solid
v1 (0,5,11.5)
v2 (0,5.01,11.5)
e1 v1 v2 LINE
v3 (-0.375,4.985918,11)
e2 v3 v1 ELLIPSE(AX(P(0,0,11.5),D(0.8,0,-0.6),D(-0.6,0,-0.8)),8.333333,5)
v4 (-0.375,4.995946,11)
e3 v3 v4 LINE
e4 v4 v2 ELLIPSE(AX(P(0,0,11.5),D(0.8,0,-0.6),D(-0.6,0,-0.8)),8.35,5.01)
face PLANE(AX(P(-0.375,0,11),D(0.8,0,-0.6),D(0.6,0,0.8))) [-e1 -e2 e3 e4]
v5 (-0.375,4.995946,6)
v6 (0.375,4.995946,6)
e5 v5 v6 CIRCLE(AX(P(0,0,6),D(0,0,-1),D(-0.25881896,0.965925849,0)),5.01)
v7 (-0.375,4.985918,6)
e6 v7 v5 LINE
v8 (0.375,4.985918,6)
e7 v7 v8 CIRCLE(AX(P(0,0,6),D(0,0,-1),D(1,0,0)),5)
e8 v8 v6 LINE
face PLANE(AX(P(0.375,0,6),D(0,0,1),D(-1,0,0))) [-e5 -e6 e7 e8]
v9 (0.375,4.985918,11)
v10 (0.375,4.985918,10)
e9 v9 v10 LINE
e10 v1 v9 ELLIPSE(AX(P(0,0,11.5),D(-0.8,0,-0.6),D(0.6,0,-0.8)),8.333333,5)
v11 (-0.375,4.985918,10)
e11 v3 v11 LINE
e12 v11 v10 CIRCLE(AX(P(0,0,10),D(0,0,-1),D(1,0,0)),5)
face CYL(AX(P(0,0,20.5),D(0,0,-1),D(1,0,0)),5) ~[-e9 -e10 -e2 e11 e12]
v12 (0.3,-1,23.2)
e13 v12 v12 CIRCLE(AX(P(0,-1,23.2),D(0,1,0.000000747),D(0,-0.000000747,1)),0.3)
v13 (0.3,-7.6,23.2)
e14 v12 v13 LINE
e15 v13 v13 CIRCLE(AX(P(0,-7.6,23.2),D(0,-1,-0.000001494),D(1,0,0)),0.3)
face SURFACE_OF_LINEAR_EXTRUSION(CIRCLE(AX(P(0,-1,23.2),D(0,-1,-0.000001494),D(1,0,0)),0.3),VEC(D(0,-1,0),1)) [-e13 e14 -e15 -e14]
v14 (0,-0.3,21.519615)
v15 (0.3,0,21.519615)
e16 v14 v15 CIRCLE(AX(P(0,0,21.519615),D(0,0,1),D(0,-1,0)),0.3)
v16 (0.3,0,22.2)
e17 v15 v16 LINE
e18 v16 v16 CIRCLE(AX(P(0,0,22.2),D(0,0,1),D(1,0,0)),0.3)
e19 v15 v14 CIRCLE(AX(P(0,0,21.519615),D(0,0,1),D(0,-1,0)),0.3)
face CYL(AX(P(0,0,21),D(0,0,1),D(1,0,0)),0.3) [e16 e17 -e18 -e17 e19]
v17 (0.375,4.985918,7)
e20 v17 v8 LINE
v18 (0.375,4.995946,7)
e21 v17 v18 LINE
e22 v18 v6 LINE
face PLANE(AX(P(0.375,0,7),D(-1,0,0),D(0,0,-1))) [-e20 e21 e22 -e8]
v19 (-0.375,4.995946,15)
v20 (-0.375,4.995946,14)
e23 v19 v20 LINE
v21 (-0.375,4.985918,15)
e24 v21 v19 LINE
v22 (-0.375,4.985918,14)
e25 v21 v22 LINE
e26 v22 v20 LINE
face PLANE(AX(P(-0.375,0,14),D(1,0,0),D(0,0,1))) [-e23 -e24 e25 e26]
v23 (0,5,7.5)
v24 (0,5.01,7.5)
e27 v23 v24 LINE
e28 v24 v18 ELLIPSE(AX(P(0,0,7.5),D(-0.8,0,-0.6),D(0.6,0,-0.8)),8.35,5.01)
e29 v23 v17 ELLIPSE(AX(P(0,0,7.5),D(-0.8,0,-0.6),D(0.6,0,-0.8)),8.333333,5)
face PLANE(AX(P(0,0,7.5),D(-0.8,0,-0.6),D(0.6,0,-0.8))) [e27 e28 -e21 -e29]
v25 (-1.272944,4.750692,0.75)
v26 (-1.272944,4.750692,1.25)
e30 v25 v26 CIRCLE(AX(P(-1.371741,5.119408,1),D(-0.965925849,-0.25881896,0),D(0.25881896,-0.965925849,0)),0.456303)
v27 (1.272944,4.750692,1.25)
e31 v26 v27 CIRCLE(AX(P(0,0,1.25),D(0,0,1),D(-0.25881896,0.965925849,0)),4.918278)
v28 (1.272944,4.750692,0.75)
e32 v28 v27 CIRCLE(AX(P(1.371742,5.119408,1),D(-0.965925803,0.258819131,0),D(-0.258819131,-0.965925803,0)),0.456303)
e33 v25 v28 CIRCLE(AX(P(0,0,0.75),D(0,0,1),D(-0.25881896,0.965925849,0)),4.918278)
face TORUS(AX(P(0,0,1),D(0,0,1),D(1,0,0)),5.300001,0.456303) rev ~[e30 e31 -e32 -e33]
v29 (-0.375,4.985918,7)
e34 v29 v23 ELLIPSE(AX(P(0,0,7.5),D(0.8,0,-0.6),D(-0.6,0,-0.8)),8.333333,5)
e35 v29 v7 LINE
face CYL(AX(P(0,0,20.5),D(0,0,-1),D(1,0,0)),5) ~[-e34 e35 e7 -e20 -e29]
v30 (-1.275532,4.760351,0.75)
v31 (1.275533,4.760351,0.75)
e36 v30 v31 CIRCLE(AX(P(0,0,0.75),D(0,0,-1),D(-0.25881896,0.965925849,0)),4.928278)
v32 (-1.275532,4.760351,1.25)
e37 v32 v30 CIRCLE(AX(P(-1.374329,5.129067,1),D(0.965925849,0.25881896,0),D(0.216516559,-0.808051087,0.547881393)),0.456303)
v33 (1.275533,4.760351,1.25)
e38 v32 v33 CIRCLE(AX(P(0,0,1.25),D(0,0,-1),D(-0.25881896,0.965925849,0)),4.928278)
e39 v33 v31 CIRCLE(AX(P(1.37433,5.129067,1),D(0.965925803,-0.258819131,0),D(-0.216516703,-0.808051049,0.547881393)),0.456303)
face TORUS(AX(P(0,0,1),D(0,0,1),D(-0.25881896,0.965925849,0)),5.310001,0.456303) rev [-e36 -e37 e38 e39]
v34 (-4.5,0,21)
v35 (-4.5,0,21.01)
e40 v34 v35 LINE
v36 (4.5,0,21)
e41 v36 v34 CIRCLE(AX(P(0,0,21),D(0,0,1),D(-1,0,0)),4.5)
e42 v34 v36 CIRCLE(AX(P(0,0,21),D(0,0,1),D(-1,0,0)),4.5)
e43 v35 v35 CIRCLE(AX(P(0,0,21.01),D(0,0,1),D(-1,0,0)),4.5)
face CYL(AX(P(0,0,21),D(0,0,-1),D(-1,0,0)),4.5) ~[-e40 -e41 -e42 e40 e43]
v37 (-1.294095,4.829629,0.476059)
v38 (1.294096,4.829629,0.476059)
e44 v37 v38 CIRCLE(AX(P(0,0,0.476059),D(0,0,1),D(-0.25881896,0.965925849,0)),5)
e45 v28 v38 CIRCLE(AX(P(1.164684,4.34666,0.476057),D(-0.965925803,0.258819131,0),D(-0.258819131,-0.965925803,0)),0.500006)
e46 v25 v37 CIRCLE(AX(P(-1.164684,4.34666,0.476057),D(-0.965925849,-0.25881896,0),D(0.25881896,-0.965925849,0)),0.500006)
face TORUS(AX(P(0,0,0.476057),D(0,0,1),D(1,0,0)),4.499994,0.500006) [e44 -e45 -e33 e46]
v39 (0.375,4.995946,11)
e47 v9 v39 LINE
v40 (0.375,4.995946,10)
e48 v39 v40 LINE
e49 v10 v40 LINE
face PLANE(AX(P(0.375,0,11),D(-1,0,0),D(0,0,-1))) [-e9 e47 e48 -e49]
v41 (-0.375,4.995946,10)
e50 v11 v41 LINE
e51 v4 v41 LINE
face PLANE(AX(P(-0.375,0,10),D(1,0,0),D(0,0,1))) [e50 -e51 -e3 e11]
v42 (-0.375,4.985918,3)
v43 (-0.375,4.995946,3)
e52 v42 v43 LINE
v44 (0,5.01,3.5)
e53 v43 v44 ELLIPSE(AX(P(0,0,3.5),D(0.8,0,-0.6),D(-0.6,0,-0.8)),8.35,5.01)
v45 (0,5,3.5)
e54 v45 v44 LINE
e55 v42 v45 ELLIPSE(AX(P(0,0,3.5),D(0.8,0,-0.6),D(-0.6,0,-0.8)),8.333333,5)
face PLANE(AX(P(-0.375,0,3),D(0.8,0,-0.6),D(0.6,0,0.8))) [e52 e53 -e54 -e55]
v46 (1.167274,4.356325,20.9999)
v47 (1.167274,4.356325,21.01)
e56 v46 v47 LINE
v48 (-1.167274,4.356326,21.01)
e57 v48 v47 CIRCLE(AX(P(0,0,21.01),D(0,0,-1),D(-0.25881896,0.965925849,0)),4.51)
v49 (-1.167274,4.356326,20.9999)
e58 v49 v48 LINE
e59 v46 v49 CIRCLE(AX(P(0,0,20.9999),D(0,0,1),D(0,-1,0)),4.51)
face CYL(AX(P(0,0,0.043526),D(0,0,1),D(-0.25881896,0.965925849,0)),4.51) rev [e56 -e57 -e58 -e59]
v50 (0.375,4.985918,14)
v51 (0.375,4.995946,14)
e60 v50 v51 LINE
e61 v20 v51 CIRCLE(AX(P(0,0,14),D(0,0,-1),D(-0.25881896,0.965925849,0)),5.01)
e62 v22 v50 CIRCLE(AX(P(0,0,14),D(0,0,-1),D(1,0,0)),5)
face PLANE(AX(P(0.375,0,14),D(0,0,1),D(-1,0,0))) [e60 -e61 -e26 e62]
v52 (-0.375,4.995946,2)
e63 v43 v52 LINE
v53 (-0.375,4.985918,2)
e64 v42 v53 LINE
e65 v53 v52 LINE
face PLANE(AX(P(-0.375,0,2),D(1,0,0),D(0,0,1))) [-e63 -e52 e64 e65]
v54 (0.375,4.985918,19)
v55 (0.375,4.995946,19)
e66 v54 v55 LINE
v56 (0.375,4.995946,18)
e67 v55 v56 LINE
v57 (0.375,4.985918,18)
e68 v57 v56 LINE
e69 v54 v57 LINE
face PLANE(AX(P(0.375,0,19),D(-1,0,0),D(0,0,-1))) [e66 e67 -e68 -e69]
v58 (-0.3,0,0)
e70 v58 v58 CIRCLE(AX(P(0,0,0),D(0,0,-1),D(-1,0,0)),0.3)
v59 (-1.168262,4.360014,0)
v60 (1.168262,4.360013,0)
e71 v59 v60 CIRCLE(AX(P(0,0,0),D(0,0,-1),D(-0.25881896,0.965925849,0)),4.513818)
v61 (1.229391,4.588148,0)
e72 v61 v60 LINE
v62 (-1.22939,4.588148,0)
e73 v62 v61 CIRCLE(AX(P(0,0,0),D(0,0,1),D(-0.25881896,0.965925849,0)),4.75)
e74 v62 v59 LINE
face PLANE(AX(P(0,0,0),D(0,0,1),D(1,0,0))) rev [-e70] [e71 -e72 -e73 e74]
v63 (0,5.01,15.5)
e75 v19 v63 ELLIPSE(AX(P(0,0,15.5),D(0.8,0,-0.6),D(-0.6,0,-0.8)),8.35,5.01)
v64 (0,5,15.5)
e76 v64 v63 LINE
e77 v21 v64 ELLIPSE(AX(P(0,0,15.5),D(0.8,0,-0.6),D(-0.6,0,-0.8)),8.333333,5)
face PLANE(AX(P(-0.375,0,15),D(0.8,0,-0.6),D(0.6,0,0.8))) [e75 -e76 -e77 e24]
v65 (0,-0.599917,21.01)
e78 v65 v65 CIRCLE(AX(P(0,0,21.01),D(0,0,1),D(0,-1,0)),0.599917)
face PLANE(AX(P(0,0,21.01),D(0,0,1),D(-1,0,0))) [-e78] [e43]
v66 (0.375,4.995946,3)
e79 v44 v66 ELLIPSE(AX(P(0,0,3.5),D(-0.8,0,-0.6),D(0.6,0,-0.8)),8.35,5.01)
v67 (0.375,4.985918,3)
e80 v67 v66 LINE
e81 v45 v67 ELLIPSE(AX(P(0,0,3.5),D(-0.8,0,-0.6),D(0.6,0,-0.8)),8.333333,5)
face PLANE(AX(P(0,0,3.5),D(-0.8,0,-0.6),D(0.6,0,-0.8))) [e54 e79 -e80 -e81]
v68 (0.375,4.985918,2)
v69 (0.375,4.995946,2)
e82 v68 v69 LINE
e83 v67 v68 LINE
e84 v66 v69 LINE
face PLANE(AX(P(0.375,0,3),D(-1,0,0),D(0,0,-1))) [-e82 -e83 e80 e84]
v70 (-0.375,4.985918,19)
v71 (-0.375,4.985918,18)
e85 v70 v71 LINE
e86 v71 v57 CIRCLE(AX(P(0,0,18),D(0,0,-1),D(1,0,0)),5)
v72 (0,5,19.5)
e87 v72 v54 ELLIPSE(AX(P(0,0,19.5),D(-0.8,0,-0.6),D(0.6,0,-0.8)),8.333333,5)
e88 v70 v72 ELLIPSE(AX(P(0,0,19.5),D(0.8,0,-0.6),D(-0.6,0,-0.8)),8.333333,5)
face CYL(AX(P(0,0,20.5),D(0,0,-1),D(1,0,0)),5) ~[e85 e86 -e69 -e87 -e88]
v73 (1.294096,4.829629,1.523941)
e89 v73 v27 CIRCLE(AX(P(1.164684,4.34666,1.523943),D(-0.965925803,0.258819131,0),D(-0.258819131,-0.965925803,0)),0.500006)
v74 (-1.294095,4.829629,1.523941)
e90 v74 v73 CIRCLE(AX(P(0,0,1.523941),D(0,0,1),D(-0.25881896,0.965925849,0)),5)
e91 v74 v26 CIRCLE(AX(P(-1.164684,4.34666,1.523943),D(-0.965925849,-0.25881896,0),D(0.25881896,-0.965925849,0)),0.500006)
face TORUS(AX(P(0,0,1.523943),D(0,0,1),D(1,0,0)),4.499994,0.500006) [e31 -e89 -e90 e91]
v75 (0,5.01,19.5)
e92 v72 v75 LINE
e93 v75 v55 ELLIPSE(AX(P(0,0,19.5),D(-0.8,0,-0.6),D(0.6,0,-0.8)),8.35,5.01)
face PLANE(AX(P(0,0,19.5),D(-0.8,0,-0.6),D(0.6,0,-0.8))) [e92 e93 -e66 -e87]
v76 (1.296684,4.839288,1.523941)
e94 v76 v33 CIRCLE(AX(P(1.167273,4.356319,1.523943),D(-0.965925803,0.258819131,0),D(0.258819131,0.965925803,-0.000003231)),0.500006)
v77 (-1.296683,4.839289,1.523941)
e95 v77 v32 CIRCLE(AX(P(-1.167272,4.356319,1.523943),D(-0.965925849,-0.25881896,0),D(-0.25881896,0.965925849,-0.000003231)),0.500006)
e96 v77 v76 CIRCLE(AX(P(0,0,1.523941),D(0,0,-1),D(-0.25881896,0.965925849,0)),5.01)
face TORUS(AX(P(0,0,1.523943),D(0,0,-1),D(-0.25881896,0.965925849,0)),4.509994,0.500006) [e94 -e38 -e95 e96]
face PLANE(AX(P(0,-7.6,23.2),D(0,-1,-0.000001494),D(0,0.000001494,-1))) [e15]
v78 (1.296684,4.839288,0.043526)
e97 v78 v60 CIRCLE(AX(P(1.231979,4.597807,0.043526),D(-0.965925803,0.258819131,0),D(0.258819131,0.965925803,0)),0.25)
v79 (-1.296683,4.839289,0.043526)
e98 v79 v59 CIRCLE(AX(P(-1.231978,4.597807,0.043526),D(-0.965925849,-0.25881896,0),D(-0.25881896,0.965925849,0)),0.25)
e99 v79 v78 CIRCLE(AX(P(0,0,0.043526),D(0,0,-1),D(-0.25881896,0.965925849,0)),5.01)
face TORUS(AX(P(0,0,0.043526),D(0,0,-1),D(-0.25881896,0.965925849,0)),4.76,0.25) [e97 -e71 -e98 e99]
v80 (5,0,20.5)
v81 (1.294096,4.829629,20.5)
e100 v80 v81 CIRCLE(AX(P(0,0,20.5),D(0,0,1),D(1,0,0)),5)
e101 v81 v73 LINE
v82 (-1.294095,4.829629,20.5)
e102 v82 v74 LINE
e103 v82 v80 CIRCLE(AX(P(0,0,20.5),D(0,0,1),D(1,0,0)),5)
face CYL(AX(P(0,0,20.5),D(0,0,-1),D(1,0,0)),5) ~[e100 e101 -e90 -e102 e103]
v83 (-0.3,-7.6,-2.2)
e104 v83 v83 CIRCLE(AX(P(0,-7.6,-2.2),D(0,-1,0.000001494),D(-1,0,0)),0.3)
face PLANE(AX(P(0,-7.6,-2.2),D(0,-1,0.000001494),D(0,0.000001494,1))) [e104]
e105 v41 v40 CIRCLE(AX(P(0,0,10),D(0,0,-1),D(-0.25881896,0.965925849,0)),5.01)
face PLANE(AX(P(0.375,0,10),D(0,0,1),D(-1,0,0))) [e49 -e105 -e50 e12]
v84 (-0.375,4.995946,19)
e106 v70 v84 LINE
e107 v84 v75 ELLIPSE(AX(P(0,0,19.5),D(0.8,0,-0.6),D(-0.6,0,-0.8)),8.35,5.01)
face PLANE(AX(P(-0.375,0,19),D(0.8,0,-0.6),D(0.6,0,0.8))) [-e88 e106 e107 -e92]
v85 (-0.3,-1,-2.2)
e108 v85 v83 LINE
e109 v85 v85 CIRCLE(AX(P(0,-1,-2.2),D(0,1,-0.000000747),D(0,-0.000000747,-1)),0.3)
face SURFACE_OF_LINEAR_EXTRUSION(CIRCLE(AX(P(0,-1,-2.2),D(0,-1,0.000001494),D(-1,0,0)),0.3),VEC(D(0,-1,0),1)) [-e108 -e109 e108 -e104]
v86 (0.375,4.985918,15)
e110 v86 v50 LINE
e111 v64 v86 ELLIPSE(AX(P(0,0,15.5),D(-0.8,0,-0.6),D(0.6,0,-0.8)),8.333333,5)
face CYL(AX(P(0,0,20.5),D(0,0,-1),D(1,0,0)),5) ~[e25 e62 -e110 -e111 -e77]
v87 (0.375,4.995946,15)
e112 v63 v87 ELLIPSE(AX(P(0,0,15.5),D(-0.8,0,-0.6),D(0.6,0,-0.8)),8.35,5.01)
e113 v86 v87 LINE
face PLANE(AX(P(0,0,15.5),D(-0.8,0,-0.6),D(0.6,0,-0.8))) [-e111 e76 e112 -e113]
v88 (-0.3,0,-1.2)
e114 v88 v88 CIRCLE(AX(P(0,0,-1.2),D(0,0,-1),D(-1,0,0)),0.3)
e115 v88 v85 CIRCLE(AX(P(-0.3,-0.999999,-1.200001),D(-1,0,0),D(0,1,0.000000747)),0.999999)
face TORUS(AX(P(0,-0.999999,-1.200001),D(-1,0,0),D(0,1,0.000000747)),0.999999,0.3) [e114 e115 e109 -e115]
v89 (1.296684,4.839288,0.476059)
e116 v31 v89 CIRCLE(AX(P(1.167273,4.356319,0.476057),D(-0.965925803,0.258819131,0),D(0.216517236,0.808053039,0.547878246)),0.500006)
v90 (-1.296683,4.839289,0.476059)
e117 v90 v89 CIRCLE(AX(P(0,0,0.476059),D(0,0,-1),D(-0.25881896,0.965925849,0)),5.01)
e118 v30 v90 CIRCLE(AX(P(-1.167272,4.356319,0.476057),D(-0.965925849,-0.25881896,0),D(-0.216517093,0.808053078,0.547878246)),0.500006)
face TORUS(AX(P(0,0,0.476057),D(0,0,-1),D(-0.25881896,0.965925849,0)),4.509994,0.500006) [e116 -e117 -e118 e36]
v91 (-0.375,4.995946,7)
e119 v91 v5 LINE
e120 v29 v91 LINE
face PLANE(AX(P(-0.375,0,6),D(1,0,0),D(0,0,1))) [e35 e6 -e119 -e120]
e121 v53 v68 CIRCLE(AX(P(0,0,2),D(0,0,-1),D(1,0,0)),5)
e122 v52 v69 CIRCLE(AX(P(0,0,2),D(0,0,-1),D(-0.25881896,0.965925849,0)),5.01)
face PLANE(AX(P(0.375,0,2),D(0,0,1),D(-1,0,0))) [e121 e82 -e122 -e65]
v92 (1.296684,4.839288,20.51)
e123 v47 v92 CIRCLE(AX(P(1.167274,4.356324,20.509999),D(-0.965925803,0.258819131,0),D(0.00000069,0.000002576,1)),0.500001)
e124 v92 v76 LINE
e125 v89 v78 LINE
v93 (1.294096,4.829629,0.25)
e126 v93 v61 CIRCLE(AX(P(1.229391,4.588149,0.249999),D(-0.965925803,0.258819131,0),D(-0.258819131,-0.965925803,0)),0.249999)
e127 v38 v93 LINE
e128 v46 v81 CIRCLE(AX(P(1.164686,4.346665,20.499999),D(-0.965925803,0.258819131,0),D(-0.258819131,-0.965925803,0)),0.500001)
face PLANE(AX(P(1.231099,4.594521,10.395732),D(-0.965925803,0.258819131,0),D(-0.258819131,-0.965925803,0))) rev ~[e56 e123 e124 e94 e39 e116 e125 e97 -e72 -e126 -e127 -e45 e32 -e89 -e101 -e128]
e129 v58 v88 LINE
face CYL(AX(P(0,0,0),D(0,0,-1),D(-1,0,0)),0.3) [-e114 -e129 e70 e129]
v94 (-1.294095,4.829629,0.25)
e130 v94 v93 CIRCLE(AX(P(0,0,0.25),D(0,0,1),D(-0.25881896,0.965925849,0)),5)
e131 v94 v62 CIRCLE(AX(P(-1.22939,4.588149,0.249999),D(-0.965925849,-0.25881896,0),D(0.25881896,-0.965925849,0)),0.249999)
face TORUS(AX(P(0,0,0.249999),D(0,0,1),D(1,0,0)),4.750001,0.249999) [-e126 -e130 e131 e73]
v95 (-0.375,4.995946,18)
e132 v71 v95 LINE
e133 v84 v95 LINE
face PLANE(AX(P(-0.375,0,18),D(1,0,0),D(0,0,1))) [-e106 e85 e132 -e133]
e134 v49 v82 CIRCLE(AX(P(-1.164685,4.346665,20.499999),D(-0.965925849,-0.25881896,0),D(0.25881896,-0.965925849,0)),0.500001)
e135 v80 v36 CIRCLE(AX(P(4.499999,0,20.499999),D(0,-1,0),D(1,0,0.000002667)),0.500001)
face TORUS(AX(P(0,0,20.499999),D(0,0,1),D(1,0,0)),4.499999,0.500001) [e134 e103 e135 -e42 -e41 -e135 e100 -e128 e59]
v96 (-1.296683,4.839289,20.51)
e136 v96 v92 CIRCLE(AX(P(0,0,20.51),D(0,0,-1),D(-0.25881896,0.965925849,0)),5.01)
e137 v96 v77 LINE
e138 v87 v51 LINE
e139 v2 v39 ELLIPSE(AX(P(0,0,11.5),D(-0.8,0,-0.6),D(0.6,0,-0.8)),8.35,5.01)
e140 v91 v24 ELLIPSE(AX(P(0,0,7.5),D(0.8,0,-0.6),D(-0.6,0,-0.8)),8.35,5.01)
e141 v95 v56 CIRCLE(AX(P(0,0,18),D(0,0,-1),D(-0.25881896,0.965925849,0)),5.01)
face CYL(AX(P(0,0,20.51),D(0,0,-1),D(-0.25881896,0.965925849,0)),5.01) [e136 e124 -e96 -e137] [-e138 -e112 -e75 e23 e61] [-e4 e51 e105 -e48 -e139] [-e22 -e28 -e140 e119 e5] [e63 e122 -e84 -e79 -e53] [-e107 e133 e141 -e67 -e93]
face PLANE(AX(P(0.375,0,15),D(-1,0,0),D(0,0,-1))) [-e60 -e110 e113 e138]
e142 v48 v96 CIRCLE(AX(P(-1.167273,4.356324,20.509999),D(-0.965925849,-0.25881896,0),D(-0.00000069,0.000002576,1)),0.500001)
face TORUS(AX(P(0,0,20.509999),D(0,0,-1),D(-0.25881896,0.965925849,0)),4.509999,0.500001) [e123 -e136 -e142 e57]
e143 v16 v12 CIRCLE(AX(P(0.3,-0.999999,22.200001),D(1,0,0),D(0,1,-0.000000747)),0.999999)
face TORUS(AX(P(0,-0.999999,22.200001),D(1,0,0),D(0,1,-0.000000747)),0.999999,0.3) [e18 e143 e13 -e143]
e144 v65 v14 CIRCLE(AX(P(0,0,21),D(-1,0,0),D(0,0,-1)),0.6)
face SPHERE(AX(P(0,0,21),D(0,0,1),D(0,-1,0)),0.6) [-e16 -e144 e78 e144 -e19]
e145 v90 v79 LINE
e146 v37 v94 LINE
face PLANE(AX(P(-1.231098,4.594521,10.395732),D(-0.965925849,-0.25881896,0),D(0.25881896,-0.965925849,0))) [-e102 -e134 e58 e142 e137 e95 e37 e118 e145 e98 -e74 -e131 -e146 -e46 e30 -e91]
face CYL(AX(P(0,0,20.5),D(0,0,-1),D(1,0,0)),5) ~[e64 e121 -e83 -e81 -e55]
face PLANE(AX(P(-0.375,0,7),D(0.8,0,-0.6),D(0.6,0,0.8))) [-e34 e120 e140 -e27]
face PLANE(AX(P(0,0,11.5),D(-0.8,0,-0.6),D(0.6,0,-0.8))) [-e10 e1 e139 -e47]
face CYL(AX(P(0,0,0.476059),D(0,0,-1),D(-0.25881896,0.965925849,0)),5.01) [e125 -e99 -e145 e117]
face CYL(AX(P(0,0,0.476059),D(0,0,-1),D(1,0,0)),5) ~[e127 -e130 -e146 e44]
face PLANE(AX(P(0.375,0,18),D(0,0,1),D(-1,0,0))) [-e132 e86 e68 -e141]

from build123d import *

# Parameters (mm, degrees)
SKETCH011_R             = 0.3
BODY007_PLACEMENT_ANGLE = 180
REVOLUTION001_ANGLE     = -30
POCKET_DEPTH            = 5.011
LINEARPATTERN_COUNT     = 5
LINEARPATTERN_PITCH     = 4
SKETCH012_R             = 4.5
PAD_DEPTH               = 0.01
BODY008_PLACEMENT_ANGLE = 90


with BuildPart() as lead:
    # AdditivePipe: sweep along a path in Sketch010
    with BuildLine(Plane(origin=(0, 0, 0), x_dir=(0, -1, 0), z_dir=(-1, 0, 0))) as additivepipe_path:
        Line((0, 21), (0, 22.2))
        ThreePointArc((0, 22.2), (0.292893, 22.907107), (1, 23.2))
        Line((1, 23.2), (7.6, 23.2))
    # Sketch011 → AdditivePipe (sweep)
    with BuildSketch(Plane.XY.offset(21)):
        Circle(SKETCH011_R)
    sweep(path=additivepipe_path.line)


with BuildPart() as leadclone:
    # Body007 base: copy of Lead
    add(lead.part)


with BuildPart() as leadclone_1:
    # Body007 placement: moved
    add(leadclone.part.moved(Location((0, 0, 21))).rotate(Axis((0, 0, 21), (0, 1, 0)), BODY007_PLACEMENT_ANGLE))


with BuildPart() as polaritymarking:
    # Sketch005 → Revolution001 (revolve)
    with BuildSketch(Plane(origin=(0, 0, 0), x_dir=(-0.258819, 0.965926, 0), z_dir=(0.965926, 0.258819, 0))):
        with BuildLine():
            Line((4.51, 0.043526), (4.51, 21.01))
            ThreePointArc((4.51, 21.01), (4.863553, 20.863553), (5.01, 20.51))
            Line((5.01, 20.51), (5.01, 1.523941))
            ThreePointArc((5.01, 1.523941), (4.989134, 1.381006), (4.928278, 1.25))
            ThreePointArc((4.928278, 1.25), (4.853698, 1), (4.928278, 0.75))
            ThreePointArc((4.928278, 0.75), (4.989134, 0.618994), (5.01, 0.476059))
            Line((5.01, 0.476059), (5.01, 0.043526))
            ThreePointArc((5.01, 0.043526), (4.76, -0.206474), (4.51, 0.043526))
        make_face()
    revolve(axis=Axis((0, 0, 0), (0, 0, 1)), revolution_arc=REVOLUTION001_ANGLE)

    # Sketch013 → Pocket (cut, through all)
    with BuildSketch(Plane.XZ):
        Polygon((0.375, 2), (-0.375, 2), (-0.375, 3), (0, 3.5), (0.375, 3), align=None)
    pocket = extrude(amount=-POCKET_DEPTH, mode=Mode.SUBTRACT)

    # LinearPattern: Pocket ×5
    with Locations(*[(0, 0, i * LINEARPATTERN_PITCH) for i in range(1, LINEARPATTERN_COUNT)]):
        add(pocket, mode=Mode.SUBTRACT)


with BuildPart() as housing:
    # Sketch → Revolution (revolve)
    with BuildSketch(Plane.XZ):
        with BuildLine():
            Line((0, 21), (4.5, 21))
            ThreePointArc((5, 20.5), (4.853553, 20.853553), (4.5, 21))
            Line((5, 20.5), (5, 1.523941))
            ThreePointArc((4.918278, 1.25), (4.979134, 1.381006), (5, 1.523941))
            ThreePointArc((4.918278, 1.25), (4.843698, 1), (4.918278, 0.75))
            ThreePointArc((5, 0.476059), (4.979134, 0.618994), (4.918278, 0.75))
            Line((5, 0.476059), (5, 0.25))
            ThreePointArc((4.75, 0), (4.926777, 0.073223), (5, 0.25))
            Line((0, 0), (4.75, 0))
            Line((0, 21), (0, 0))
        make_face()
    revolve(axis=Axis((0, 0, 0), (0, 0, 1)))


with BuildPart() as fusion:
    # Sphere → Sphere (revolve)
    with BuildSketch(Plane.XZ):
        with BuildLine():
            ThreePointArc((0, -0.6), (0.6, 0), (0, 0.6))
            Line((0, 0.6), (0, -0.6))
        make_face()
    revolve(axis=Axis((0, 0, 0), (0, 0, 1)))

    # Sketch012 (on ShapeBinder) → Pad (new body)
    with BuildSketch(Plane(origin=(0, 0, 0), x_dir=(0, -1, 0), z_dir=(0, 0, 1))):
        Circle(SKETCH012_R)
    extrude(amount=PAD_DEPTH)


with BuildPart() as fusion_1:
    # Body008 placement: moved
    add(fusion.part.moved(Location((0, 0, 21))).rotate(Axis((0, 0, 21), (0, 0, -1)), BODY008_PLACEMENT_ANGLE))

    # Fusion: union LeadClone, Lead, PolarityMarking, Housing
    add(leadclone_1.part)
    add(lead.part)
    add(polaritymarking.part)
    add(housing.part)


solid = fusion_1.part
